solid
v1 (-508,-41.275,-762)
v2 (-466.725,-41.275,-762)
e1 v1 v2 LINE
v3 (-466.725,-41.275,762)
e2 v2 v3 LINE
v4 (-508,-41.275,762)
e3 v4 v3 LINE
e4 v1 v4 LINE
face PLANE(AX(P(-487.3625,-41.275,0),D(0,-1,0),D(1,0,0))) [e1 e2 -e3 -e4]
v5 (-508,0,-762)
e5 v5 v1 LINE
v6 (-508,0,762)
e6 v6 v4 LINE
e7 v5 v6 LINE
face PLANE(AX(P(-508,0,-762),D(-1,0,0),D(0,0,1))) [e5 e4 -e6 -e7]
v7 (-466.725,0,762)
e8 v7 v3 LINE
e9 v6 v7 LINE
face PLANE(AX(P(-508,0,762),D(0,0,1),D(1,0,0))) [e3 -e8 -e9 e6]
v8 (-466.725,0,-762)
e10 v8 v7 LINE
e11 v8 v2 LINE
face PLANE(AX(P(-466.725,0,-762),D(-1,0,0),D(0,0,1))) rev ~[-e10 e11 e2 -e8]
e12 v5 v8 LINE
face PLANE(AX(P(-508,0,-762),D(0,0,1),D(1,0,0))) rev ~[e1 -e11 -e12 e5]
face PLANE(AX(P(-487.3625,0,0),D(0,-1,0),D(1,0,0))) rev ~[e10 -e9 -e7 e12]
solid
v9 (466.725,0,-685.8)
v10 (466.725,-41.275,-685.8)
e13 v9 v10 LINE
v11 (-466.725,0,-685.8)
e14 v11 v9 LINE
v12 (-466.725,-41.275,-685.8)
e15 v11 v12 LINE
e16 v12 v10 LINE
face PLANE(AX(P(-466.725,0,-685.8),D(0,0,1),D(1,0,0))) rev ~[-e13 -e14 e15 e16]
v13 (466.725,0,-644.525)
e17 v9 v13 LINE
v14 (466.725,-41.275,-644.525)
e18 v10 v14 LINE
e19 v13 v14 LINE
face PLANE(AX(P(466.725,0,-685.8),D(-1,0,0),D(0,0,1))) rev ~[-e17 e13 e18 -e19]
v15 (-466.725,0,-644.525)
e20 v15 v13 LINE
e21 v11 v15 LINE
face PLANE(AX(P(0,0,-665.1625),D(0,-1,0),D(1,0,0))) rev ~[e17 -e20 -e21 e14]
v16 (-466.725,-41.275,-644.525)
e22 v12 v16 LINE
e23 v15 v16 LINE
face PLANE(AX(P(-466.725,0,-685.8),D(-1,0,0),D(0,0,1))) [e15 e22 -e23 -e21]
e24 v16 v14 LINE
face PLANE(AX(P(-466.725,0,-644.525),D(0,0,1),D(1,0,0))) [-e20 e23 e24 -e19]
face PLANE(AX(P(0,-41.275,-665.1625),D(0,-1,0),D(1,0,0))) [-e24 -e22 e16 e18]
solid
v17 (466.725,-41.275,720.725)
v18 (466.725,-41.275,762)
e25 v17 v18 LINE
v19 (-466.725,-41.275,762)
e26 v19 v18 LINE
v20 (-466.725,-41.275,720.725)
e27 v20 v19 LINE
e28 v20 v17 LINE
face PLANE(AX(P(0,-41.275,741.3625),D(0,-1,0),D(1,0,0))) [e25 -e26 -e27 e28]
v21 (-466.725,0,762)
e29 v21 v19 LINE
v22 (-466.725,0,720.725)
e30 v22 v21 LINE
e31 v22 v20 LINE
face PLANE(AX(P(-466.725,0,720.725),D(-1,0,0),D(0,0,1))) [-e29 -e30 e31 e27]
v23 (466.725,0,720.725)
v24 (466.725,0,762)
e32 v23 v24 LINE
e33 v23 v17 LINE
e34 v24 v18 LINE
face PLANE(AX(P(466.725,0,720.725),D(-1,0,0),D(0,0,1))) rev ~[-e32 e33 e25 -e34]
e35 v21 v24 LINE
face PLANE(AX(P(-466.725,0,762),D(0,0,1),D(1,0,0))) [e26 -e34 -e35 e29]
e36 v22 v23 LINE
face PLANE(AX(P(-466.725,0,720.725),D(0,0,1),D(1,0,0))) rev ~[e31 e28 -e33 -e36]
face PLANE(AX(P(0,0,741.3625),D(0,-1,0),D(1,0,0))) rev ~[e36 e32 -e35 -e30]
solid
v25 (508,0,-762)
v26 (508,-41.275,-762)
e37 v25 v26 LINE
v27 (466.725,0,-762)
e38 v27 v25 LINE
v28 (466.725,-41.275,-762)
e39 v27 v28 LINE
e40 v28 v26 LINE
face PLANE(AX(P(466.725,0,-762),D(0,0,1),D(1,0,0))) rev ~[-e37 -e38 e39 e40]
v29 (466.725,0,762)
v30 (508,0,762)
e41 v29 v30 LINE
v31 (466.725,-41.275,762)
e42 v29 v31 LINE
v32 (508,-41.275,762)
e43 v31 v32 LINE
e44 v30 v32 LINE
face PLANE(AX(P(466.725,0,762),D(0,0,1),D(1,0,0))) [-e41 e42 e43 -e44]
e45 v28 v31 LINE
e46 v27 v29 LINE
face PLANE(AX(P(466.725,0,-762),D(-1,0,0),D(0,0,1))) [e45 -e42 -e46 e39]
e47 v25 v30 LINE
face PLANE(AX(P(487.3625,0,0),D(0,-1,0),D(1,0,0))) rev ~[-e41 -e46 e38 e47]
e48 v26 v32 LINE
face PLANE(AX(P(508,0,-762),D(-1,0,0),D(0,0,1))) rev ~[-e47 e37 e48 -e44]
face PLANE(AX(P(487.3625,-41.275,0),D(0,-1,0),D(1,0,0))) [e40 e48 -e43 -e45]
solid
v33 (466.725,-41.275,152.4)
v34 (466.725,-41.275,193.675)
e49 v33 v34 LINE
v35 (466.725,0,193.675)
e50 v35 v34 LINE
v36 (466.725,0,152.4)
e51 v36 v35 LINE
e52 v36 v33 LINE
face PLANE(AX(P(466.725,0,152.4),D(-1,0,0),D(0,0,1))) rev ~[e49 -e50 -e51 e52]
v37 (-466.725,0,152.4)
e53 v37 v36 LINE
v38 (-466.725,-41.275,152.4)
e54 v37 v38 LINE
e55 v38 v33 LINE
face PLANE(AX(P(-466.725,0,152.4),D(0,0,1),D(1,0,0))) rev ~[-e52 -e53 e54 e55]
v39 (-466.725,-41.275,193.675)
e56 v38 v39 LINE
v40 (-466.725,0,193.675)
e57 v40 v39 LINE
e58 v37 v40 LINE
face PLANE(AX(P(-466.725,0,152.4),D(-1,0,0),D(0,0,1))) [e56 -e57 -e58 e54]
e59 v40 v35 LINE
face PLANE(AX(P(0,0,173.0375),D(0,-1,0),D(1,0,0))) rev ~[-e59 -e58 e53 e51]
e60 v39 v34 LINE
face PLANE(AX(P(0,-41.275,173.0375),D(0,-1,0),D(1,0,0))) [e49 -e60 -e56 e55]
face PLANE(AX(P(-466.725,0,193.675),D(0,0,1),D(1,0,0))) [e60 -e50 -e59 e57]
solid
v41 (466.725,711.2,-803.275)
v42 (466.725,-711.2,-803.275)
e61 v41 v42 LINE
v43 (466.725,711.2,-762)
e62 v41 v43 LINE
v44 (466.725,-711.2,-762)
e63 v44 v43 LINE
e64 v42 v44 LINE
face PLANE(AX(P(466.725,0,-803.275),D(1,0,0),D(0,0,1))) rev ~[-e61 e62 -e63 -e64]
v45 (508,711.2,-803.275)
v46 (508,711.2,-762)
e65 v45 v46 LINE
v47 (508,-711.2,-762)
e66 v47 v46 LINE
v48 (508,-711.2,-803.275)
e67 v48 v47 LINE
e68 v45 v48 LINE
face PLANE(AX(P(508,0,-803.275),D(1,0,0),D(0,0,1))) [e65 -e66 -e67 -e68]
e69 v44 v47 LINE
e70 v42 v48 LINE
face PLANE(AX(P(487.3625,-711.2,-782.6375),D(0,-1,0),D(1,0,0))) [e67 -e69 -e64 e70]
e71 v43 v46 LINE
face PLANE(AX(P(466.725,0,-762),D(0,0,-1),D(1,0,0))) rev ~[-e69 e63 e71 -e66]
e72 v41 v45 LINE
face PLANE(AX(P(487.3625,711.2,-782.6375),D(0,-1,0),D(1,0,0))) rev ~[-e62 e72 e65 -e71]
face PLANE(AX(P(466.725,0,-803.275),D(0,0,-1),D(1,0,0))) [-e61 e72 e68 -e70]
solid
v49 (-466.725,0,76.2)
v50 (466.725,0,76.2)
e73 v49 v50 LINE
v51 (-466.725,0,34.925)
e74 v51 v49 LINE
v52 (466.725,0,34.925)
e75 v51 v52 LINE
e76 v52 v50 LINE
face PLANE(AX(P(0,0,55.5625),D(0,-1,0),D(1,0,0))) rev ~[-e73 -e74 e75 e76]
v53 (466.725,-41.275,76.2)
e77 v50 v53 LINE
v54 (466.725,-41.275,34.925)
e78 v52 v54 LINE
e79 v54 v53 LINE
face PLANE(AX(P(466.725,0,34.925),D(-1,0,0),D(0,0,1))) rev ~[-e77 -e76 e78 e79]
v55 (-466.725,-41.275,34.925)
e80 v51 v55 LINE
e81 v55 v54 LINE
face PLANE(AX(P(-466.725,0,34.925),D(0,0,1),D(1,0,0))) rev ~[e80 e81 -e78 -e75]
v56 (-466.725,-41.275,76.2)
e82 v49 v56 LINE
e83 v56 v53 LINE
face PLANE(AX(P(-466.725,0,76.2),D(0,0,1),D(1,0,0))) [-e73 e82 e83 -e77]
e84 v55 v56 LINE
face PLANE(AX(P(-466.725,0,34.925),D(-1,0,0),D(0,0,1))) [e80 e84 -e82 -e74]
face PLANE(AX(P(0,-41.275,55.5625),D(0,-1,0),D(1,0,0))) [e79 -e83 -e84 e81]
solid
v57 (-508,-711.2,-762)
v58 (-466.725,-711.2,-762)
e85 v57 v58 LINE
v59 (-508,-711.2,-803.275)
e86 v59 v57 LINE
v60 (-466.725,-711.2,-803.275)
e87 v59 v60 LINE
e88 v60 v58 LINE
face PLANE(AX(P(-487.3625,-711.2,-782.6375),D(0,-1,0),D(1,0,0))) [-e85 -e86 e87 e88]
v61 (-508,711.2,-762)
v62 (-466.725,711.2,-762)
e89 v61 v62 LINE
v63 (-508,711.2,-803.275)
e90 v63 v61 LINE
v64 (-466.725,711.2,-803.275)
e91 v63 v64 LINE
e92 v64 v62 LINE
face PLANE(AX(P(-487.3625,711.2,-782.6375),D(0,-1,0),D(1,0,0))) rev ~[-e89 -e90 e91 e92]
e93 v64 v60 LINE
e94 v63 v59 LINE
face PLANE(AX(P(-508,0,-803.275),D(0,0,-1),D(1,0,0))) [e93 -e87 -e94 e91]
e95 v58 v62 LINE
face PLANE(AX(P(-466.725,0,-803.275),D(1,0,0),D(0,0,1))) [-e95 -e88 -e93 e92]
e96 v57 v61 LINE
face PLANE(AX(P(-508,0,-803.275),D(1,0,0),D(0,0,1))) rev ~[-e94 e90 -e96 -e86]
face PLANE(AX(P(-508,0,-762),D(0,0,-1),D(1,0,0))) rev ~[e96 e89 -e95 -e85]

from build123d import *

# Parameters (mm, degrees)
F0_W          = 41.275
F0_H          = 1524
F1_DEPTH      = 41.275
F2_W          = 933.45
F2_H          = 41.275
F3_DEPTH      = 41.275
F4_W          = 41.275
F4_H          = 41.275
F5_DEPTH      = 711.2
F5_DEPTH_BACK = 711.2


with BuildPart() as f1:
    # F0 (on Front) → F1 (new body)
    with BuildSketch(Plane.XZ):
        with Locations((-487.3625, 0)):
            Rectangle(F0_W, F0_H)
        with Locations((487.3625, 0)):
            Rectangle(F0_W, F0_H)
    extrude(amount=F1_DEPTH)


with BuildPart() as f3:
    # F2 (on Front) → F3 (new body)
    with BuildSketch(Plane.XZ):
        with Locations((0, 741.3625)):
            Rectangle(F2_W, F2_H)
        with Locations((0, 173.0375)):
            Rectangle(F2_W, F2_H)
        with Locations((0, 55.5625)):
            Rectangle(F2_W, F2_H)
        with Locations((0, -665.1625)):
            Rectangle(F2_W, F2_H)
    extrude(amount=F3_DEPTH)


with BuildPart() as f5:
    # F4 (on Front) → F5 (new body, two sides)
    with BuildSketch(Plane.XZ) as f5_sk:
        with Locations((-487.3625, -782.6375)):
            Rectangle(F4_W, F4_H)
        with Locations((487.3625, -782.6375)):
            Rectangle(F4_W, F4_H)
    extrude(amount=F5_DEPTH)
    extrude(f5_sk.sketch, amount=-F5_DEPTH_BACK)


solid = Compound([f1.part, f3.part, f5.part])
